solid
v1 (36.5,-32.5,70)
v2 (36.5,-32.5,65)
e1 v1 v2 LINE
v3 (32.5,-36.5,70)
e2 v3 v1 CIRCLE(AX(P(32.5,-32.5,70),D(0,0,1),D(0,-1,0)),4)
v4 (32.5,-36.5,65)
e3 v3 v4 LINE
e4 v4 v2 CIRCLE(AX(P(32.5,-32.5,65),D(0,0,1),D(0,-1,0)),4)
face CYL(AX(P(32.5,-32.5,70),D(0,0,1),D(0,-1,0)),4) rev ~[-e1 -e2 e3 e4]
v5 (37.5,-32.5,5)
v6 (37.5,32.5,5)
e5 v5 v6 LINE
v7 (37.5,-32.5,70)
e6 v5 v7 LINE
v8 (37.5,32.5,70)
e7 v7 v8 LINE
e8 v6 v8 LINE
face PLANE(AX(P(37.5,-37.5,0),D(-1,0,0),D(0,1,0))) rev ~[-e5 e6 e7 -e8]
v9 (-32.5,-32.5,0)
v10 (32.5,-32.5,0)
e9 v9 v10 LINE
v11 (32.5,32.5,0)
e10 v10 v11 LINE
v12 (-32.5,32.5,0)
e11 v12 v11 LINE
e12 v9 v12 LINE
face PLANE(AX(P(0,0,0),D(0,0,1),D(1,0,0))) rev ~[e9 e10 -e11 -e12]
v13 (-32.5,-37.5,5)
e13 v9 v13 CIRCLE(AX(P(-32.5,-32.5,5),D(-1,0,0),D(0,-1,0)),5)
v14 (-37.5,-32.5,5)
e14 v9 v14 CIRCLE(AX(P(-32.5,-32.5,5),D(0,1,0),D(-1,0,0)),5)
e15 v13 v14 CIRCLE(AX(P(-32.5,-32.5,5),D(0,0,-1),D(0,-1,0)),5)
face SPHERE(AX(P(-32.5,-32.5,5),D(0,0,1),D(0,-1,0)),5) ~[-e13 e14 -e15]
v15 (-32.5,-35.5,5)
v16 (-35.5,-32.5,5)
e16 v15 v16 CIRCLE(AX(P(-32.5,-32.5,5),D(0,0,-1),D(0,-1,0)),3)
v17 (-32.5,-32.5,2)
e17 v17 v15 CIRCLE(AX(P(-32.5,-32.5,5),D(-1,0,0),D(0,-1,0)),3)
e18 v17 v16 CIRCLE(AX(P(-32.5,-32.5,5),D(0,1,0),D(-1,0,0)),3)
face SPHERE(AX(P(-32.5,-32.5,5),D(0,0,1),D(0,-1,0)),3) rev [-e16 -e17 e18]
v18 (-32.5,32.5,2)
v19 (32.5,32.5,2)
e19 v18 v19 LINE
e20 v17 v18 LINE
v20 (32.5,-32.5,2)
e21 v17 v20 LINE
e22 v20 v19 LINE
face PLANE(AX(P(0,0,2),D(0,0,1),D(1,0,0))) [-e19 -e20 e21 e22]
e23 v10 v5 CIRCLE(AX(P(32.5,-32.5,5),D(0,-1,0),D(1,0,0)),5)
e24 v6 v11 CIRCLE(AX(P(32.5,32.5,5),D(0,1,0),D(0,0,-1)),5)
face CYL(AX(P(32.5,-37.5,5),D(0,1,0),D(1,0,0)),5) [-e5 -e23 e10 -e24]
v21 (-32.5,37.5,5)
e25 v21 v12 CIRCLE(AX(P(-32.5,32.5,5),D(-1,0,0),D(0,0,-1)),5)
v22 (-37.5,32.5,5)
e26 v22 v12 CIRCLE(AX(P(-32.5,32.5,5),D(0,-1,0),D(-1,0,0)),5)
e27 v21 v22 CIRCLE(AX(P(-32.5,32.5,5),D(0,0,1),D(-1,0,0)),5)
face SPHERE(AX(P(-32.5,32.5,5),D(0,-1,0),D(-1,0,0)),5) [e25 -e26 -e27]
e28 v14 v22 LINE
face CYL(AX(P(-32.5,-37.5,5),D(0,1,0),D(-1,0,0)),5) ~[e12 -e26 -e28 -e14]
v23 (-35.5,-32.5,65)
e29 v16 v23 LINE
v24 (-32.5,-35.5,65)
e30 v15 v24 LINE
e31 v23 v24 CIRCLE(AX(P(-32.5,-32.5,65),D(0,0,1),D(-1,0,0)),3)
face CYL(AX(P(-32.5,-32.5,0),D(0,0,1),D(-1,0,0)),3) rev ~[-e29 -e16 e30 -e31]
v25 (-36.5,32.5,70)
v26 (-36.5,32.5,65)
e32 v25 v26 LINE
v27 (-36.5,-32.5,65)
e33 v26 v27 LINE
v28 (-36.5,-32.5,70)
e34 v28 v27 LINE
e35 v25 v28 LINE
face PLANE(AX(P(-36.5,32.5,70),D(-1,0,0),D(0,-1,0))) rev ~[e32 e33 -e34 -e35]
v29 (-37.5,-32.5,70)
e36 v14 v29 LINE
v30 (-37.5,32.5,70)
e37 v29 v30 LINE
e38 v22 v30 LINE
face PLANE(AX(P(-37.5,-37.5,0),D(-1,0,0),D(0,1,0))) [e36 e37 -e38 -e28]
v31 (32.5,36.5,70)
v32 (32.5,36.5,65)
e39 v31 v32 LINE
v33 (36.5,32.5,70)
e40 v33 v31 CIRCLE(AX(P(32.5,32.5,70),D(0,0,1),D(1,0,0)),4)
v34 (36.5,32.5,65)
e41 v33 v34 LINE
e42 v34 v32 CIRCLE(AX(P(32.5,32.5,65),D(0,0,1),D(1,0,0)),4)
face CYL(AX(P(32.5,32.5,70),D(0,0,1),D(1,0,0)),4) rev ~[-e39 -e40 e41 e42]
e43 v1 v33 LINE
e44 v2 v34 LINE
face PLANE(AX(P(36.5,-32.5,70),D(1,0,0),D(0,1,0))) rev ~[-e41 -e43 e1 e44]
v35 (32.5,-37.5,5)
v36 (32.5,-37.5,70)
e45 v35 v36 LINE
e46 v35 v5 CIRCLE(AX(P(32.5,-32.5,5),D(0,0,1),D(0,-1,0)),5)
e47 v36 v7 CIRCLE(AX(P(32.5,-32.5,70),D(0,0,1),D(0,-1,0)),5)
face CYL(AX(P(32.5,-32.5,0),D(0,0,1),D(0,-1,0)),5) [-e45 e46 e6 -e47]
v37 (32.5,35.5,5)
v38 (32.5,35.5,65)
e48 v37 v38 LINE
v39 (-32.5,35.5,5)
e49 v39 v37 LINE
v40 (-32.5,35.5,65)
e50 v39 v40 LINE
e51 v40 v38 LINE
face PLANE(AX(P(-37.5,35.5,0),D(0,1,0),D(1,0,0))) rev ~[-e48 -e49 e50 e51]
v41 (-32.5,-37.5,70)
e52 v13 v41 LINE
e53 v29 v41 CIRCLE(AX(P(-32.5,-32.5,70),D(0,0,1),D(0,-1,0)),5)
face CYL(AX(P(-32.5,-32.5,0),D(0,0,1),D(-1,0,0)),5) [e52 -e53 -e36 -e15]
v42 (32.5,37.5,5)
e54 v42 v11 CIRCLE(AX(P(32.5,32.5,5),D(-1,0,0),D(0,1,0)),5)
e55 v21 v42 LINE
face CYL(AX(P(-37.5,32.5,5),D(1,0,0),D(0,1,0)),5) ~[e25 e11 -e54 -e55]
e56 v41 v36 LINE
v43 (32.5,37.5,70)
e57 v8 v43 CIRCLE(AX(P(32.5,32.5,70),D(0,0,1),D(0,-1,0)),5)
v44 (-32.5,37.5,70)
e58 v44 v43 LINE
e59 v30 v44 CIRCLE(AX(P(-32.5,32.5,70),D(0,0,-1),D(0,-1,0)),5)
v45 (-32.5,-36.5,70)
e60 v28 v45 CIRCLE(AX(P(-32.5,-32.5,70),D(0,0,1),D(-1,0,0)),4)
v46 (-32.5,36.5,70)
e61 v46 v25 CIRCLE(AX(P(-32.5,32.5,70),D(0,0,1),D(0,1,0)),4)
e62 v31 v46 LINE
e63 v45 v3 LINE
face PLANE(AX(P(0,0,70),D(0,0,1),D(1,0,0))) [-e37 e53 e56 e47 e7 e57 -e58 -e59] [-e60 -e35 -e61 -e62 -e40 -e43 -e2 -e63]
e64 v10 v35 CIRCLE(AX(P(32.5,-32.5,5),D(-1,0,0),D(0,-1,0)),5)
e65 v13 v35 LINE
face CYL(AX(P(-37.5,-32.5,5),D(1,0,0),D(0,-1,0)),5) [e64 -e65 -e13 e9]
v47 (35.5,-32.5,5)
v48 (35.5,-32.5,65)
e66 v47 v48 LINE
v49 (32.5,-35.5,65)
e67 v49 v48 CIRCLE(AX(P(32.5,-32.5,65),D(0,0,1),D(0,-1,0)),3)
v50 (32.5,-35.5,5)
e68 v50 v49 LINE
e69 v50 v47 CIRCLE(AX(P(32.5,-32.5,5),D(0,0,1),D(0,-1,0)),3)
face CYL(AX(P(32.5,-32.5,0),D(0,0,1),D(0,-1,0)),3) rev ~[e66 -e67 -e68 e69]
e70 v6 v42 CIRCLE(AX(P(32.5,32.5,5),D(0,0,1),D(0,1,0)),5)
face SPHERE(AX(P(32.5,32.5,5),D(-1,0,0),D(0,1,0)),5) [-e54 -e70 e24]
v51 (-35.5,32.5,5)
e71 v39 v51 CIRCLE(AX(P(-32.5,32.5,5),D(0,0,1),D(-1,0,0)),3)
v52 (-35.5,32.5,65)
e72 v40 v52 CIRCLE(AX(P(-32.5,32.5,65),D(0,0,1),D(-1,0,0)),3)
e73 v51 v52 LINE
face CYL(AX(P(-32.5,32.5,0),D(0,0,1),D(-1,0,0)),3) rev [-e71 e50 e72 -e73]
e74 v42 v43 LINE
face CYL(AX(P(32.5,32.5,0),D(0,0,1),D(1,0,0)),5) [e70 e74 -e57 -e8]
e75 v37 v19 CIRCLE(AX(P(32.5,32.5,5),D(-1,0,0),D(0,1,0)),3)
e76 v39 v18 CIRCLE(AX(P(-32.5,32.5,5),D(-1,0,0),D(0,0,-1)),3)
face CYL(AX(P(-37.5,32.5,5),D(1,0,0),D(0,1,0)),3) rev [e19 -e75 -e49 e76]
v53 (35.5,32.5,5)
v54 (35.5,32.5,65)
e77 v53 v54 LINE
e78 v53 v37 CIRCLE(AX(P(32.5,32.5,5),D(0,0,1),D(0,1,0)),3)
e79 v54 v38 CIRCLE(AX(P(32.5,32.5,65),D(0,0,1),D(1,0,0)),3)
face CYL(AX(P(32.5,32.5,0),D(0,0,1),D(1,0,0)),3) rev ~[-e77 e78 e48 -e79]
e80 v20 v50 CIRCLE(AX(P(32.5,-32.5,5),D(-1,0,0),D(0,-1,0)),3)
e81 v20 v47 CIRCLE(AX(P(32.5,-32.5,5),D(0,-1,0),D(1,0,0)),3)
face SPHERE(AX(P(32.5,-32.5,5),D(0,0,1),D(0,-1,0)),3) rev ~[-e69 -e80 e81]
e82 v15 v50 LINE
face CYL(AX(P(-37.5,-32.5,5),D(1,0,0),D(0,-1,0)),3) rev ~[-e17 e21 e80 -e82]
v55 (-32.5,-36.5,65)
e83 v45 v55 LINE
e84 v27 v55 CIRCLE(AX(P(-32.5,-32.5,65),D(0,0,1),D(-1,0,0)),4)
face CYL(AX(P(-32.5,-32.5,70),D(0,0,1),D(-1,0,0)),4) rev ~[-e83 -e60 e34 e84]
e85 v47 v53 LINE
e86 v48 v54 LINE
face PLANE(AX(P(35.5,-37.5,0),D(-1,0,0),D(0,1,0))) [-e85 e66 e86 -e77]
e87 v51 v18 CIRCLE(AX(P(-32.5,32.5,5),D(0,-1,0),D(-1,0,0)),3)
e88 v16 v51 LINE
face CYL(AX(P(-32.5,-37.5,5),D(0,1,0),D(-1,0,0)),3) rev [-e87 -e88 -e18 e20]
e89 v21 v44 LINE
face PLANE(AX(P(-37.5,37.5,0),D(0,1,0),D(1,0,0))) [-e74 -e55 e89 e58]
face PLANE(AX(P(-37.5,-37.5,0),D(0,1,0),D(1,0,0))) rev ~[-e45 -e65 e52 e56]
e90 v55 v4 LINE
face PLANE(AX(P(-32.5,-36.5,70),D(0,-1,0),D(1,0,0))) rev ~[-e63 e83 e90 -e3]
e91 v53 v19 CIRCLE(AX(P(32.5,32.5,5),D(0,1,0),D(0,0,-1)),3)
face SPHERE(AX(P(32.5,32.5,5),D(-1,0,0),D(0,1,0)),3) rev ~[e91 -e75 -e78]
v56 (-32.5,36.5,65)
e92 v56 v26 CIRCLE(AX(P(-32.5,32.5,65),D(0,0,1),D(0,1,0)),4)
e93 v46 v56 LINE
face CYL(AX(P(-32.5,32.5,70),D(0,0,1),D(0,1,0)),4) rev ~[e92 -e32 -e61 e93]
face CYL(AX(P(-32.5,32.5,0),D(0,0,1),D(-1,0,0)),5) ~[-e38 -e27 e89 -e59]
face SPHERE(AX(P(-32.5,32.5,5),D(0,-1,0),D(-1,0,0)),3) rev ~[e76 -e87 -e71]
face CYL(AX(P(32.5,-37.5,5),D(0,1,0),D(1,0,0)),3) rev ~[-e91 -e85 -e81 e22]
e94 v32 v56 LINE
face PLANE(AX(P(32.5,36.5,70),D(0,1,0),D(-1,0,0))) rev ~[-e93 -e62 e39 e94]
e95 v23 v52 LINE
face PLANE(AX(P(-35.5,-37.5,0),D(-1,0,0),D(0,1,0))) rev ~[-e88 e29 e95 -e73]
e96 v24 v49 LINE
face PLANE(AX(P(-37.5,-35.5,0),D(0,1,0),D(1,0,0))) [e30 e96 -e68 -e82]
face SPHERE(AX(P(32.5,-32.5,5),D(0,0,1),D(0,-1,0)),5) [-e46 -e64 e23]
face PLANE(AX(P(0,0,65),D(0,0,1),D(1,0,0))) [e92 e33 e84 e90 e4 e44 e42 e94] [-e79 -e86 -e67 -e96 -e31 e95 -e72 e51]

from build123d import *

# Parameters (mm, degrees)
F0_W     = 75
F0_H     = 75
F0_W_2   = 71
F0_H_2   = 71
F1_DEPTH = 70
F2_R     = 5
F3_T     = -2
F6_DEPTH = 5


with BuildPart() as f1:
    # F0 (on Top) → F1 (new body)
    with BuildSketch(Plane.XY):
        Rectangle(F0_W, F0_H)
        Rectangle(F0_W_2, F0_H_2, mode=Mode.SUBTRACT)
        Rectangle(F0_W_2, F0_H_2)
    extrude(amount=F1_DEPTH)

    # F2
    f2_edges = [f1.edges().sort_by_distance(p)[0] for p in [
        (-37.5, -37.5, 35),
        (37.5, -37.5, 35),
        (0, -37.5, 0),
        (-37.5, 0, 0),
        (-37.5, 37.5, 35),
        (0, 37.5, 0),
        (37.5, 37.5, 35),
        (37.5, 0, 0),
    ]]
    fillet(f2_edges, radius=F2_R)

    # F3
    f3_openings = [f1.faces().sort_by_distance(p)[0] for p in [
        (0, 0, 70),
    ]]
    offset(amount=F3_T, openings=f3_openings)

    # F5 (on offset) → F6 (cut)
    with BuildSketch(Plane.XY.offset(70)):
        with BuildLine():
            Line((-36.5, 32.5), (-36.5, -32.5))
            ThreePointArc((-36.5, -32.5), (-35.3284271247, -35.3284271247), (-32.5, -36.5))
            Line((-32.5, -36.5), (32.5, -36.5))
            ThreePointArc((32.5, -36.5), (35.3284271247, -35.3284271247), (36.5, -32.5))
            Line((36.5, -32.5), (36.5, 32.5))
            ThreePointArc((36.5, 32.5), (35.3284271247, 35.3284271247), (32.5, 36.5))
            Line((32.5, 36.5), (-32.5, 36.5))
            ThreePointArc((-32.5, 36.5), (-35.3284271247, 35.3284271247), (-36.5, 32.5))
        make_face()
    extrude(amount=-F6_DEPTH, mode=Mode.SUBTRACT)


solid = f1.part
